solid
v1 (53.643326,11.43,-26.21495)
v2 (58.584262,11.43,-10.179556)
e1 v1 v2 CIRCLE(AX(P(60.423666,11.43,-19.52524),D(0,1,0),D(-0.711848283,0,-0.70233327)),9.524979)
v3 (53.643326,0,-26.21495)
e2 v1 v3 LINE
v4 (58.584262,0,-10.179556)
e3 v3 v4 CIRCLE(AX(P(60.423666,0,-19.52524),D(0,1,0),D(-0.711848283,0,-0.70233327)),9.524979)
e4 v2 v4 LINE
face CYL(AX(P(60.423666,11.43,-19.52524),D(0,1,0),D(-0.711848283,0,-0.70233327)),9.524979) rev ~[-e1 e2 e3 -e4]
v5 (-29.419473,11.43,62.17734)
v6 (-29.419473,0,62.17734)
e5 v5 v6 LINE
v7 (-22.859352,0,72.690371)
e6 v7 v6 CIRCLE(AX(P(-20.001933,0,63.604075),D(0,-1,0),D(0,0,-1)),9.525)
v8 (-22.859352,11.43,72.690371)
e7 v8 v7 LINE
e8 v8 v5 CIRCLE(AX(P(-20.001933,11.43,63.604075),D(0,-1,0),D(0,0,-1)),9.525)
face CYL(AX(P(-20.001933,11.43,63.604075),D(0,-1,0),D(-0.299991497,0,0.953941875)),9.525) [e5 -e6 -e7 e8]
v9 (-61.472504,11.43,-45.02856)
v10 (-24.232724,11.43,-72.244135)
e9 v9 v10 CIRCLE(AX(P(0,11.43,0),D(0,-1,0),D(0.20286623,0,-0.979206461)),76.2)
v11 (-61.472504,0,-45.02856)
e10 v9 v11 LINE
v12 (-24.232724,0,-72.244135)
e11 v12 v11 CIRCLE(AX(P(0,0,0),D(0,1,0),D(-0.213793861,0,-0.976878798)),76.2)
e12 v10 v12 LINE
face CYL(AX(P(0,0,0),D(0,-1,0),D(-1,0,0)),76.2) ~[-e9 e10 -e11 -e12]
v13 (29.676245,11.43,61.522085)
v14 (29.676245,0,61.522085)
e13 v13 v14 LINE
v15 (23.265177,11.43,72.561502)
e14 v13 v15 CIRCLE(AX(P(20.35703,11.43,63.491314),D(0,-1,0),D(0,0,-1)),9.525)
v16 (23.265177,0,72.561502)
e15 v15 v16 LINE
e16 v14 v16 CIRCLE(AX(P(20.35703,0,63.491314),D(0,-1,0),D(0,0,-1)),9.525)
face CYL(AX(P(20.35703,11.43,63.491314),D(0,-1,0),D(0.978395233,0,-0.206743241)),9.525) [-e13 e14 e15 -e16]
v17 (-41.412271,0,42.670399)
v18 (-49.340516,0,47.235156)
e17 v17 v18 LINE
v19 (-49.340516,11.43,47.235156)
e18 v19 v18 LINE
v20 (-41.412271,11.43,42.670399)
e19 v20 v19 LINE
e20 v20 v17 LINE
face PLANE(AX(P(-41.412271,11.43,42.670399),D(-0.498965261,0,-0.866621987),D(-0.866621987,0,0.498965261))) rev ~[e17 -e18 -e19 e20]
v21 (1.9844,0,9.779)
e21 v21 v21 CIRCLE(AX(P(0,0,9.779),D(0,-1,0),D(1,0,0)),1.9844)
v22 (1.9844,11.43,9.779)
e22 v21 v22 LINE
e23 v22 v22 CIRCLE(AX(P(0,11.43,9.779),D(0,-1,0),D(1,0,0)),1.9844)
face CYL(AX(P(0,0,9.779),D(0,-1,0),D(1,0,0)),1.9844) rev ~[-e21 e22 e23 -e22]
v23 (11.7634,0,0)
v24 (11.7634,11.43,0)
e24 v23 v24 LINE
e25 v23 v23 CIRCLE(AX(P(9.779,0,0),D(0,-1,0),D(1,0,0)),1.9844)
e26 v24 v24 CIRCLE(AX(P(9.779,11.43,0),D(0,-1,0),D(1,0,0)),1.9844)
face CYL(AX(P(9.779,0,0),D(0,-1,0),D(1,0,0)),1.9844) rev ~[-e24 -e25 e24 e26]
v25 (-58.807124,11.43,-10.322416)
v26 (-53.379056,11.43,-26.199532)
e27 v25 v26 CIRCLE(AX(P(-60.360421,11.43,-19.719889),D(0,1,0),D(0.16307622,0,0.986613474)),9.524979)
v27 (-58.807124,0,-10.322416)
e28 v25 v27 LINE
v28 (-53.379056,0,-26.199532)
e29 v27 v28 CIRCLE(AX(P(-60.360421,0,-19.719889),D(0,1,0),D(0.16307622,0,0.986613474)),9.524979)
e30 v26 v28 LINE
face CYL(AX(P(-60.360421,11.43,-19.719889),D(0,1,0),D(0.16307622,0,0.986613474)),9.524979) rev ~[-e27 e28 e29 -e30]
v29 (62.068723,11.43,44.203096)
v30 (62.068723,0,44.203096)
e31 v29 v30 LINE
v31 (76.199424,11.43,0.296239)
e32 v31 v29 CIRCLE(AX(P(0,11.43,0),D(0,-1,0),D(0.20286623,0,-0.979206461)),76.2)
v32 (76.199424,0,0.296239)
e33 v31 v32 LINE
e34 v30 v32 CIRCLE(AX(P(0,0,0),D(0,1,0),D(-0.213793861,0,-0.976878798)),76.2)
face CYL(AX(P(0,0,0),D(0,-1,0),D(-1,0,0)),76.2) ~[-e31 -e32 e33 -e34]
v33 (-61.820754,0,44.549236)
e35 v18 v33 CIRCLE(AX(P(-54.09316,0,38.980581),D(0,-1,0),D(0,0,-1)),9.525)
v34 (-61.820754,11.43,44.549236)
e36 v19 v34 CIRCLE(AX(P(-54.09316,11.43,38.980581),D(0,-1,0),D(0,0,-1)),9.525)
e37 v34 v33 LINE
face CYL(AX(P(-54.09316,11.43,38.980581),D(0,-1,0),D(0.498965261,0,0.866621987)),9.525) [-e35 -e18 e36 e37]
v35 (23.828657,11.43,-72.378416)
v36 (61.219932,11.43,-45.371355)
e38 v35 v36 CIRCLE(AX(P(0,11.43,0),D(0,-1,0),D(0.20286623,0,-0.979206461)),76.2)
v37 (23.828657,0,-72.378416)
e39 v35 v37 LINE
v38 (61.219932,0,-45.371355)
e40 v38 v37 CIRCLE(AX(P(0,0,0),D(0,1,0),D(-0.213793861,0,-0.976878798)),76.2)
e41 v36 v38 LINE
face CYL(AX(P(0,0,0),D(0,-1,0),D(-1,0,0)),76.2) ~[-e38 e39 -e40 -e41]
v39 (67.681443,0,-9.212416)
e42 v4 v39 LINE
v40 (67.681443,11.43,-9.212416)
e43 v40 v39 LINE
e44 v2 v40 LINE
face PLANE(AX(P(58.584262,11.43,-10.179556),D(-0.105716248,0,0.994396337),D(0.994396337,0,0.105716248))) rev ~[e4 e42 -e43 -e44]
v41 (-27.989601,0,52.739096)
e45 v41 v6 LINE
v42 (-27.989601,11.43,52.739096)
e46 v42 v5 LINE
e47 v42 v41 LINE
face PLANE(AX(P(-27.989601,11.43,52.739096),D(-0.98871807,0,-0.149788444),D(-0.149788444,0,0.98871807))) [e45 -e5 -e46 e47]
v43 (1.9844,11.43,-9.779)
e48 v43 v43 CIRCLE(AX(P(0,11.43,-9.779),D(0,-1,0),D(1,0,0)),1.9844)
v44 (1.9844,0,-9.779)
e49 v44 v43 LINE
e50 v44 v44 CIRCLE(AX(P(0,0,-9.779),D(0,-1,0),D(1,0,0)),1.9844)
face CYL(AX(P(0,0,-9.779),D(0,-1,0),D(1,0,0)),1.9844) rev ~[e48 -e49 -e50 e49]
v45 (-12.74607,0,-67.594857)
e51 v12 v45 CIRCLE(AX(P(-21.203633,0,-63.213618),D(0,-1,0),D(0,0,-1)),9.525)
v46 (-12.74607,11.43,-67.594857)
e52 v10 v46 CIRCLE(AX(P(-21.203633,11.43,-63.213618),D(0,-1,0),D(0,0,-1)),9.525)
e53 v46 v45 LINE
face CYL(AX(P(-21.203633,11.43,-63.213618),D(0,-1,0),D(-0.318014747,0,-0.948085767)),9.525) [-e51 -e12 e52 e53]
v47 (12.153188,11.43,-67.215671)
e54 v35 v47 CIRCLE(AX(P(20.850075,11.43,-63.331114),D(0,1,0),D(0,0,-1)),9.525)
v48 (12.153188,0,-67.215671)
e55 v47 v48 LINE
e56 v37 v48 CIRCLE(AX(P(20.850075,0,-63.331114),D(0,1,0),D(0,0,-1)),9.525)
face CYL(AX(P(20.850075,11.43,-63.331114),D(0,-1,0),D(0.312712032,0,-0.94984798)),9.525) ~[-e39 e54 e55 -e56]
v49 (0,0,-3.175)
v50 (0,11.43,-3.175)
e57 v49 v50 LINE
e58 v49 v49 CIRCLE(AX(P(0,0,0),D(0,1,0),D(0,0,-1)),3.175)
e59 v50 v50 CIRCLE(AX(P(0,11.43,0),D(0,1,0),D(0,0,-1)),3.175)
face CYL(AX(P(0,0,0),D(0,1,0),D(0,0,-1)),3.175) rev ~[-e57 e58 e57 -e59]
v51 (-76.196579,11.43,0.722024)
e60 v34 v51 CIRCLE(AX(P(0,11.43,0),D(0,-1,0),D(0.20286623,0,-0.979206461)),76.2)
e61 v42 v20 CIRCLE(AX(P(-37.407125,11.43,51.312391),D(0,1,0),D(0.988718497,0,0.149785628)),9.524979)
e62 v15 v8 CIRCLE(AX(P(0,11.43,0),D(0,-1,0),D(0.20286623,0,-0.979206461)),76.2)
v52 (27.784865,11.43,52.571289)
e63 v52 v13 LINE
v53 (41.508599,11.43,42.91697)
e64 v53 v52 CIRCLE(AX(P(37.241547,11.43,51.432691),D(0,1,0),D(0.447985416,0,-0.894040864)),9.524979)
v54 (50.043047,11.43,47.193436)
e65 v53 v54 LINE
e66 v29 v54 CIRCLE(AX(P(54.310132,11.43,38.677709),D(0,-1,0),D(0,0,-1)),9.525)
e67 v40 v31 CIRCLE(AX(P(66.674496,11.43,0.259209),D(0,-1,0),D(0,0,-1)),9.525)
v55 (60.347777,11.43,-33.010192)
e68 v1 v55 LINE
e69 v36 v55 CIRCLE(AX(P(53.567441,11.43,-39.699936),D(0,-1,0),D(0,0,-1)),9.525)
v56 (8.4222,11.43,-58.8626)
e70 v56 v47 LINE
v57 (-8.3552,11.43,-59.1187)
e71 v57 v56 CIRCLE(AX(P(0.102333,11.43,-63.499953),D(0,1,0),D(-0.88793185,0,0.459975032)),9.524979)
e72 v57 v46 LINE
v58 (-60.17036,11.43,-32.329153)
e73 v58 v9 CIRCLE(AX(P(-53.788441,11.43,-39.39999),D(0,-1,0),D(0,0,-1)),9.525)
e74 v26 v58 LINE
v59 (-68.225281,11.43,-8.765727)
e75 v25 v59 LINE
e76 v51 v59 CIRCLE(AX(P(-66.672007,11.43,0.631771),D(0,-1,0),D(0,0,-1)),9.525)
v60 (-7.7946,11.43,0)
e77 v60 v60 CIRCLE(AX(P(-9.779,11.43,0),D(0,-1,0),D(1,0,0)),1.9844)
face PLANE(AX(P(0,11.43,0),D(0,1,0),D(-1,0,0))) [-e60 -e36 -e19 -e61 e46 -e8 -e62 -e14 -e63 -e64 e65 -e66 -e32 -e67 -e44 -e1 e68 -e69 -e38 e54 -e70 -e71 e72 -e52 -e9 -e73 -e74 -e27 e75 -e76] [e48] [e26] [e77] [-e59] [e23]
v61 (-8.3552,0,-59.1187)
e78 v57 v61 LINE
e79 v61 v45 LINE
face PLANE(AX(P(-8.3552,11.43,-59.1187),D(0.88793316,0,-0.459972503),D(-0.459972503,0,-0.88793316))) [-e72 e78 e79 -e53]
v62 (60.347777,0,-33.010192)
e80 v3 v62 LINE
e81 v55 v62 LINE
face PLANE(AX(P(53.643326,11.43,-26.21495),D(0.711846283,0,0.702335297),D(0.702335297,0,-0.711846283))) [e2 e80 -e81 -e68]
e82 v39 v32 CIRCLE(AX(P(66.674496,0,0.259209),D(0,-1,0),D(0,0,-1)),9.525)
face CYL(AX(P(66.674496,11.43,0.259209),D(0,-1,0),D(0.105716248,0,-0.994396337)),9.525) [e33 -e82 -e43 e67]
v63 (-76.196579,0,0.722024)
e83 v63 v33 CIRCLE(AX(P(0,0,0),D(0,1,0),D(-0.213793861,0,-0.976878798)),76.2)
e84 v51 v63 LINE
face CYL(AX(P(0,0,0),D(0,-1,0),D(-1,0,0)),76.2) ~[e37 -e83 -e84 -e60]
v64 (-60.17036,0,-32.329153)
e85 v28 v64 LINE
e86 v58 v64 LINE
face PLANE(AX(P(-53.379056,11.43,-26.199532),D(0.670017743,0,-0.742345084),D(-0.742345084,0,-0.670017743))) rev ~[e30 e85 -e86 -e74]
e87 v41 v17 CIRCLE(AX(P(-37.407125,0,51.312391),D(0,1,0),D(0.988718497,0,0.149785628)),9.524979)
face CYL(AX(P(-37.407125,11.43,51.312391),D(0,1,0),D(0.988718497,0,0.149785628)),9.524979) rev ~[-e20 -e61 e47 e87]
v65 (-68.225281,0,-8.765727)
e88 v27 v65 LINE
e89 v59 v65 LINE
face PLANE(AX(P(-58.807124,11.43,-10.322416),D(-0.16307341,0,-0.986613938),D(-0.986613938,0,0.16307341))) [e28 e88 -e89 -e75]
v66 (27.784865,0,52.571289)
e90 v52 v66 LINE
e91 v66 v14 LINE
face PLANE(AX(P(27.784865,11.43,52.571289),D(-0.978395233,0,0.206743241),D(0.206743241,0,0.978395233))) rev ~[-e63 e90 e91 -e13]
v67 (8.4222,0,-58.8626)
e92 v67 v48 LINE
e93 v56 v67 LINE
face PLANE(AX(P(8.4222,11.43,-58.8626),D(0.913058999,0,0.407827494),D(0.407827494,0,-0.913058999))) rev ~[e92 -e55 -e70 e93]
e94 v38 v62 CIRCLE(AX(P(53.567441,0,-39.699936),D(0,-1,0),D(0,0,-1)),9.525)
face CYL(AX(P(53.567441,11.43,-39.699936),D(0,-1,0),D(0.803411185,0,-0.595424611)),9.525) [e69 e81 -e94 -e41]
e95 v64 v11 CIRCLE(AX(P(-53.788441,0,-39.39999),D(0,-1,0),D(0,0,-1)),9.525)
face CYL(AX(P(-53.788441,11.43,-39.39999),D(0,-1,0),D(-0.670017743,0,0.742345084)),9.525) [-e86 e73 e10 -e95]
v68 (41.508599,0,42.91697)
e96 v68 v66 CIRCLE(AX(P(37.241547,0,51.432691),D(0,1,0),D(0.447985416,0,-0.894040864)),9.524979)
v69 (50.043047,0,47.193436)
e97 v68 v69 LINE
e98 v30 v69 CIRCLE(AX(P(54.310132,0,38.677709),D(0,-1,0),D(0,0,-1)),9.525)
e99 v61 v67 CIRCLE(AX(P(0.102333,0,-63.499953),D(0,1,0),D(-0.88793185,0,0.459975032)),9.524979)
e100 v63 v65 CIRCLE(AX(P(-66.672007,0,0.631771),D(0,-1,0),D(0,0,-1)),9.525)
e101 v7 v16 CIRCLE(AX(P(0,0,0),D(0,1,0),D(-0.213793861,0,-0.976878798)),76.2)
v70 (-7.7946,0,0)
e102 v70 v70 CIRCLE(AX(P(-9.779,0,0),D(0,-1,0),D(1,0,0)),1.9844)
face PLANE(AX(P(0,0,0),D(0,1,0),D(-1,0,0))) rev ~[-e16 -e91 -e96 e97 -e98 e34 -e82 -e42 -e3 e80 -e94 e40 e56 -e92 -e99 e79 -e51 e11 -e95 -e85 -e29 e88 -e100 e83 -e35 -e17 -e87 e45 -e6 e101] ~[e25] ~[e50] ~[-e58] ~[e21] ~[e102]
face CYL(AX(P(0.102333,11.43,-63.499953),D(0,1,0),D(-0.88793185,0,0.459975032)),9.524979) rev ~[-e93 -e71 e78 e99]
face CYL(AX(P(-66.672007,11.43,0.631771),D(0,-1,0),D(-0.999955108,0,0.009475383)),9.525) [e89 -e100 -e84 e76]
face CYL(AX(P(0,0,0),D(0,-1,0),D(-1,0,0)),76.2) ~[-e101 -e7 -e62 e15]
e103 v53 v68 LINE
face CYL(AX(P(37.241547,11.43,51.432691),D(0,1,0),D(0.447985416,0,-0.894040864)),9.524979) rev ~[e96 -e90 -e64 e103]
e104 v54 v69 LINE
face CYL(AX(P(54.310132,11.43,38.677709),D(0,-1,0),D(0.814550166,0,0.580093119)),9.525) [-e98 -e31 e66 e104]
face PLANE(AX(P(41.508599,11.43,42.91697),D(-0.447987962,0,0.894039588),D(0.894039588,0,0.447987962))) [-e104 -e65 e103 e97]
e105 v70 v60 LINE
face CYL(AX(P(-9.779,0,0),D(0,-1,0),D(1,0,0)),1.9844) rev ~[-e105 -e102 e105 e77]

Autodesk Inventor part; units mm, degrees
ref_plane "YZ Plane" through (0, 0, 0) normal (1, 0, 0) x (0, 1, 0)
ref_plane "XZ Plane" through (0, 0, 0) normal (0, 1, 0) x (-1, 0, 0)
ref_plane "XY Plane" through (0, 0, 0) normal (0, 0, 1) x (1, 0, 0)
sketch "Sketch1" plane through (0, 0, 0) normal (0, 1, 0) x (-1, 0, 0)
  circle A0 centre (0, 0) radius 76.2
  dimension "d0" = 152.4
extrude "Extrusion1" add sketch "Sketch1" along normal blind 11.43
sketch "Sketch2" plane through (0, 11.43, 0) normal (0, 1, 0) x (1, 0, 0)
  circle A0 centre (0, 0) radius 76.2 projected
  line L0 (0.1023, 76.1999) -> (0.1023, 63.4999) construction
  arc A1 (-8.3552, 59.1187) -> (8.4222, 58.8626) centre (0.1023, 63.4999) ccw
  line L1 (8.4222, 58.8626) -> (15.4584, 74.6155)
  line L2 (-8.3552, 59.1187) -> (-16.2911, 74.4382)
  dimension "d3" = 12.7
  dimension "d4" = 19.05
  dimension "d16" = 31.75
extrude "Extrusion2" cut sketch "Sketch2" against normal through all contours L1 A1 L2 A0 picked at (1.6562, 64.6745)
fillet "Fillet1" radius 9.525 1 edges at (-16.2911, 5.715, -74.4382)
fillet "Fillet2" radius 9.525 1 edges at (15.4584, 5.715, -74.6155)
pattern_circular "Circular Pattern1" count 5 over 360 about axis through (0, -10, 0) along (0, 1, 0) of "Extrusion2", "Fillet1", "Fillet2"
sketch "Sketch4" plane through (0, 0, 0) normal (0, -1, 0) x (1, 0, 0)
  circle A0 centre (0, 0) radius 3.175
  dimension "d19" = 6.35
hole "Hole1" at (0, 0, 0) direction (0, 1, 0) diameter 6.35 end through all
sketch "Sketch5" plane through (0, 0, 0) normal (0, -1, 0) x (1, 0, 0)
  circle A0 centre (0, -9.779) radius 1.9844
  circle A1 centre (0, 0) radius 3.175 projected
  arc A2 (67.6814, -9.2124) -> (76.1994, 0.2962) centre (66.6745, 0.2592) ccw projected
  arc A3 (76.1994, 0.2962) -> (62.0688, 44.203) centre (0, 0) ccw projected
  arc A4 (62.0688, 44.203) -> (50.0431, 47.1934) centre (54.3102, 38.6777) ccw projected
  line L0 (50.0431, 47.1934) -> (41.5086, 42.9169) projected
  arc A5 (27.7848, 52.5712) -> (41.5086, 42.9169) centre (37.2415, 51.4327) ccw projected
  line L1 (27.7848, 52.5712) -> (29.6763, 61.522) projected
  arc A6 (29.6763, 61.522) -> (23.2652, 72.5615) centre (20.357, 63.4913) ccw projected
  arc A7 (23.2652, 72.5615) -> (-22.8593, 72.6904) centre (0, 0) ccw projected
  arc A8 (-22.8593, 72.6904) -> (-29.4194, 62.1774) centre (-20.0019, 63.6041) ccw projected
  line L2 (-29.4194, 62.1774) -> (-27.9896, 52.7391) projected
  arc A9 (-41.4122, 42.6704) -> (-27.9896, 52.7391) centre (-37.4071, 51.3124) ccw projected
  line L3 (-41.4122, 42.6704) -> (-49.3405, 47.2352) projected
  arc A10 (-49.3405, 47.2352) -> (-61.8207, 44.5493) centre (-54.0931, 38.9806) ccw projected
  arc A11 (-61.8207, 44.5493) -> (-76.1966, 0.7221) centre (0, 0) ccw projected
  arc A12 (-76.1966, 0.7221) -> (-68.2253, -8.7657) centre (-66.672, 0.6318) ccw projected
  line L4 (-68.2253, -8.7657) -> (-58.8071, -10.3224) projected
  arc A13 (-53.379, -26.1995) -> (-58.8071, -10.3224) centre (-60.3604, -19.7199) ccw projected
  line L5 (-53.379, -26.1995) -> (-60.1703, -32.3291) projected
  arc A14 (-60.1703, -32.3291) -> (-61.4725, -45.0285) centre (-53.7885, -39.4) ccw projected
  arc A15 (-61.4725, -45.0285) -> (-24.2328, -72.2441) centre (0, 0) ccw projected
  arc A16 (-24.2328, -72.2441) -> (-12.7461, -67.5948) centre (-21.2037, -63.2136) ccw projected
  line L6 (-12.7461, -67.5948) -> (-8.3552, -59.1187) projected
  arc A17 (8.4222, -58.8626) -> (-8.3552, -59.1187) centre (0.1023, -63.4999) ccw projected
  line L7 (8.4222, -58.8626) -> (12.1532, -67.2156) projected
  arc A18 (12.1532, -67.2156) -> (23.8286, -72.3784) centre (20.8501, -63.3311) ccw projected
  arc A19 (23.8286, -72.3784) -> (61.2199, -45.3714) centre (0, 0) ccw projected
  arc A20 (61.2199, -45.3714) -> (60.3477, -33.0102) centre (53.5674, -39.7) ccw projected
  line L8 (60.3477, -33.0102) -> (53.6433, -26.215) projected
  arc A21 (58.5842, -10.1795) -> (53.6433, -26.215) centre (60.4236, -19.5253) ccw projected
  line L9 (58.5842, -10.1795) -> (67.6814, -9.2124) projected
  circle A22 centre (0, 0) radius 3.175 projected
  circle A23 centre (0, 0) radius 3.175 projected
  circle A24 centre (0, 0) radius 3.175 projected
  circle A25 centre (9.779, 0) radius 1.9844
  circle A26 centre (0, 9.779) radius 1.9844
  circle A27 centre (-9.779, 0) radius 1.9844
  dimension "d27" = 9.779
  dimension "d28" = 3.9688
  dimension "d31" = 360
extrude "Extrusion3" cut sketch "Sketch5" against normal blind 12.7 contours A0 | A25 | A26 | A27
properties part number "gear wheel"
